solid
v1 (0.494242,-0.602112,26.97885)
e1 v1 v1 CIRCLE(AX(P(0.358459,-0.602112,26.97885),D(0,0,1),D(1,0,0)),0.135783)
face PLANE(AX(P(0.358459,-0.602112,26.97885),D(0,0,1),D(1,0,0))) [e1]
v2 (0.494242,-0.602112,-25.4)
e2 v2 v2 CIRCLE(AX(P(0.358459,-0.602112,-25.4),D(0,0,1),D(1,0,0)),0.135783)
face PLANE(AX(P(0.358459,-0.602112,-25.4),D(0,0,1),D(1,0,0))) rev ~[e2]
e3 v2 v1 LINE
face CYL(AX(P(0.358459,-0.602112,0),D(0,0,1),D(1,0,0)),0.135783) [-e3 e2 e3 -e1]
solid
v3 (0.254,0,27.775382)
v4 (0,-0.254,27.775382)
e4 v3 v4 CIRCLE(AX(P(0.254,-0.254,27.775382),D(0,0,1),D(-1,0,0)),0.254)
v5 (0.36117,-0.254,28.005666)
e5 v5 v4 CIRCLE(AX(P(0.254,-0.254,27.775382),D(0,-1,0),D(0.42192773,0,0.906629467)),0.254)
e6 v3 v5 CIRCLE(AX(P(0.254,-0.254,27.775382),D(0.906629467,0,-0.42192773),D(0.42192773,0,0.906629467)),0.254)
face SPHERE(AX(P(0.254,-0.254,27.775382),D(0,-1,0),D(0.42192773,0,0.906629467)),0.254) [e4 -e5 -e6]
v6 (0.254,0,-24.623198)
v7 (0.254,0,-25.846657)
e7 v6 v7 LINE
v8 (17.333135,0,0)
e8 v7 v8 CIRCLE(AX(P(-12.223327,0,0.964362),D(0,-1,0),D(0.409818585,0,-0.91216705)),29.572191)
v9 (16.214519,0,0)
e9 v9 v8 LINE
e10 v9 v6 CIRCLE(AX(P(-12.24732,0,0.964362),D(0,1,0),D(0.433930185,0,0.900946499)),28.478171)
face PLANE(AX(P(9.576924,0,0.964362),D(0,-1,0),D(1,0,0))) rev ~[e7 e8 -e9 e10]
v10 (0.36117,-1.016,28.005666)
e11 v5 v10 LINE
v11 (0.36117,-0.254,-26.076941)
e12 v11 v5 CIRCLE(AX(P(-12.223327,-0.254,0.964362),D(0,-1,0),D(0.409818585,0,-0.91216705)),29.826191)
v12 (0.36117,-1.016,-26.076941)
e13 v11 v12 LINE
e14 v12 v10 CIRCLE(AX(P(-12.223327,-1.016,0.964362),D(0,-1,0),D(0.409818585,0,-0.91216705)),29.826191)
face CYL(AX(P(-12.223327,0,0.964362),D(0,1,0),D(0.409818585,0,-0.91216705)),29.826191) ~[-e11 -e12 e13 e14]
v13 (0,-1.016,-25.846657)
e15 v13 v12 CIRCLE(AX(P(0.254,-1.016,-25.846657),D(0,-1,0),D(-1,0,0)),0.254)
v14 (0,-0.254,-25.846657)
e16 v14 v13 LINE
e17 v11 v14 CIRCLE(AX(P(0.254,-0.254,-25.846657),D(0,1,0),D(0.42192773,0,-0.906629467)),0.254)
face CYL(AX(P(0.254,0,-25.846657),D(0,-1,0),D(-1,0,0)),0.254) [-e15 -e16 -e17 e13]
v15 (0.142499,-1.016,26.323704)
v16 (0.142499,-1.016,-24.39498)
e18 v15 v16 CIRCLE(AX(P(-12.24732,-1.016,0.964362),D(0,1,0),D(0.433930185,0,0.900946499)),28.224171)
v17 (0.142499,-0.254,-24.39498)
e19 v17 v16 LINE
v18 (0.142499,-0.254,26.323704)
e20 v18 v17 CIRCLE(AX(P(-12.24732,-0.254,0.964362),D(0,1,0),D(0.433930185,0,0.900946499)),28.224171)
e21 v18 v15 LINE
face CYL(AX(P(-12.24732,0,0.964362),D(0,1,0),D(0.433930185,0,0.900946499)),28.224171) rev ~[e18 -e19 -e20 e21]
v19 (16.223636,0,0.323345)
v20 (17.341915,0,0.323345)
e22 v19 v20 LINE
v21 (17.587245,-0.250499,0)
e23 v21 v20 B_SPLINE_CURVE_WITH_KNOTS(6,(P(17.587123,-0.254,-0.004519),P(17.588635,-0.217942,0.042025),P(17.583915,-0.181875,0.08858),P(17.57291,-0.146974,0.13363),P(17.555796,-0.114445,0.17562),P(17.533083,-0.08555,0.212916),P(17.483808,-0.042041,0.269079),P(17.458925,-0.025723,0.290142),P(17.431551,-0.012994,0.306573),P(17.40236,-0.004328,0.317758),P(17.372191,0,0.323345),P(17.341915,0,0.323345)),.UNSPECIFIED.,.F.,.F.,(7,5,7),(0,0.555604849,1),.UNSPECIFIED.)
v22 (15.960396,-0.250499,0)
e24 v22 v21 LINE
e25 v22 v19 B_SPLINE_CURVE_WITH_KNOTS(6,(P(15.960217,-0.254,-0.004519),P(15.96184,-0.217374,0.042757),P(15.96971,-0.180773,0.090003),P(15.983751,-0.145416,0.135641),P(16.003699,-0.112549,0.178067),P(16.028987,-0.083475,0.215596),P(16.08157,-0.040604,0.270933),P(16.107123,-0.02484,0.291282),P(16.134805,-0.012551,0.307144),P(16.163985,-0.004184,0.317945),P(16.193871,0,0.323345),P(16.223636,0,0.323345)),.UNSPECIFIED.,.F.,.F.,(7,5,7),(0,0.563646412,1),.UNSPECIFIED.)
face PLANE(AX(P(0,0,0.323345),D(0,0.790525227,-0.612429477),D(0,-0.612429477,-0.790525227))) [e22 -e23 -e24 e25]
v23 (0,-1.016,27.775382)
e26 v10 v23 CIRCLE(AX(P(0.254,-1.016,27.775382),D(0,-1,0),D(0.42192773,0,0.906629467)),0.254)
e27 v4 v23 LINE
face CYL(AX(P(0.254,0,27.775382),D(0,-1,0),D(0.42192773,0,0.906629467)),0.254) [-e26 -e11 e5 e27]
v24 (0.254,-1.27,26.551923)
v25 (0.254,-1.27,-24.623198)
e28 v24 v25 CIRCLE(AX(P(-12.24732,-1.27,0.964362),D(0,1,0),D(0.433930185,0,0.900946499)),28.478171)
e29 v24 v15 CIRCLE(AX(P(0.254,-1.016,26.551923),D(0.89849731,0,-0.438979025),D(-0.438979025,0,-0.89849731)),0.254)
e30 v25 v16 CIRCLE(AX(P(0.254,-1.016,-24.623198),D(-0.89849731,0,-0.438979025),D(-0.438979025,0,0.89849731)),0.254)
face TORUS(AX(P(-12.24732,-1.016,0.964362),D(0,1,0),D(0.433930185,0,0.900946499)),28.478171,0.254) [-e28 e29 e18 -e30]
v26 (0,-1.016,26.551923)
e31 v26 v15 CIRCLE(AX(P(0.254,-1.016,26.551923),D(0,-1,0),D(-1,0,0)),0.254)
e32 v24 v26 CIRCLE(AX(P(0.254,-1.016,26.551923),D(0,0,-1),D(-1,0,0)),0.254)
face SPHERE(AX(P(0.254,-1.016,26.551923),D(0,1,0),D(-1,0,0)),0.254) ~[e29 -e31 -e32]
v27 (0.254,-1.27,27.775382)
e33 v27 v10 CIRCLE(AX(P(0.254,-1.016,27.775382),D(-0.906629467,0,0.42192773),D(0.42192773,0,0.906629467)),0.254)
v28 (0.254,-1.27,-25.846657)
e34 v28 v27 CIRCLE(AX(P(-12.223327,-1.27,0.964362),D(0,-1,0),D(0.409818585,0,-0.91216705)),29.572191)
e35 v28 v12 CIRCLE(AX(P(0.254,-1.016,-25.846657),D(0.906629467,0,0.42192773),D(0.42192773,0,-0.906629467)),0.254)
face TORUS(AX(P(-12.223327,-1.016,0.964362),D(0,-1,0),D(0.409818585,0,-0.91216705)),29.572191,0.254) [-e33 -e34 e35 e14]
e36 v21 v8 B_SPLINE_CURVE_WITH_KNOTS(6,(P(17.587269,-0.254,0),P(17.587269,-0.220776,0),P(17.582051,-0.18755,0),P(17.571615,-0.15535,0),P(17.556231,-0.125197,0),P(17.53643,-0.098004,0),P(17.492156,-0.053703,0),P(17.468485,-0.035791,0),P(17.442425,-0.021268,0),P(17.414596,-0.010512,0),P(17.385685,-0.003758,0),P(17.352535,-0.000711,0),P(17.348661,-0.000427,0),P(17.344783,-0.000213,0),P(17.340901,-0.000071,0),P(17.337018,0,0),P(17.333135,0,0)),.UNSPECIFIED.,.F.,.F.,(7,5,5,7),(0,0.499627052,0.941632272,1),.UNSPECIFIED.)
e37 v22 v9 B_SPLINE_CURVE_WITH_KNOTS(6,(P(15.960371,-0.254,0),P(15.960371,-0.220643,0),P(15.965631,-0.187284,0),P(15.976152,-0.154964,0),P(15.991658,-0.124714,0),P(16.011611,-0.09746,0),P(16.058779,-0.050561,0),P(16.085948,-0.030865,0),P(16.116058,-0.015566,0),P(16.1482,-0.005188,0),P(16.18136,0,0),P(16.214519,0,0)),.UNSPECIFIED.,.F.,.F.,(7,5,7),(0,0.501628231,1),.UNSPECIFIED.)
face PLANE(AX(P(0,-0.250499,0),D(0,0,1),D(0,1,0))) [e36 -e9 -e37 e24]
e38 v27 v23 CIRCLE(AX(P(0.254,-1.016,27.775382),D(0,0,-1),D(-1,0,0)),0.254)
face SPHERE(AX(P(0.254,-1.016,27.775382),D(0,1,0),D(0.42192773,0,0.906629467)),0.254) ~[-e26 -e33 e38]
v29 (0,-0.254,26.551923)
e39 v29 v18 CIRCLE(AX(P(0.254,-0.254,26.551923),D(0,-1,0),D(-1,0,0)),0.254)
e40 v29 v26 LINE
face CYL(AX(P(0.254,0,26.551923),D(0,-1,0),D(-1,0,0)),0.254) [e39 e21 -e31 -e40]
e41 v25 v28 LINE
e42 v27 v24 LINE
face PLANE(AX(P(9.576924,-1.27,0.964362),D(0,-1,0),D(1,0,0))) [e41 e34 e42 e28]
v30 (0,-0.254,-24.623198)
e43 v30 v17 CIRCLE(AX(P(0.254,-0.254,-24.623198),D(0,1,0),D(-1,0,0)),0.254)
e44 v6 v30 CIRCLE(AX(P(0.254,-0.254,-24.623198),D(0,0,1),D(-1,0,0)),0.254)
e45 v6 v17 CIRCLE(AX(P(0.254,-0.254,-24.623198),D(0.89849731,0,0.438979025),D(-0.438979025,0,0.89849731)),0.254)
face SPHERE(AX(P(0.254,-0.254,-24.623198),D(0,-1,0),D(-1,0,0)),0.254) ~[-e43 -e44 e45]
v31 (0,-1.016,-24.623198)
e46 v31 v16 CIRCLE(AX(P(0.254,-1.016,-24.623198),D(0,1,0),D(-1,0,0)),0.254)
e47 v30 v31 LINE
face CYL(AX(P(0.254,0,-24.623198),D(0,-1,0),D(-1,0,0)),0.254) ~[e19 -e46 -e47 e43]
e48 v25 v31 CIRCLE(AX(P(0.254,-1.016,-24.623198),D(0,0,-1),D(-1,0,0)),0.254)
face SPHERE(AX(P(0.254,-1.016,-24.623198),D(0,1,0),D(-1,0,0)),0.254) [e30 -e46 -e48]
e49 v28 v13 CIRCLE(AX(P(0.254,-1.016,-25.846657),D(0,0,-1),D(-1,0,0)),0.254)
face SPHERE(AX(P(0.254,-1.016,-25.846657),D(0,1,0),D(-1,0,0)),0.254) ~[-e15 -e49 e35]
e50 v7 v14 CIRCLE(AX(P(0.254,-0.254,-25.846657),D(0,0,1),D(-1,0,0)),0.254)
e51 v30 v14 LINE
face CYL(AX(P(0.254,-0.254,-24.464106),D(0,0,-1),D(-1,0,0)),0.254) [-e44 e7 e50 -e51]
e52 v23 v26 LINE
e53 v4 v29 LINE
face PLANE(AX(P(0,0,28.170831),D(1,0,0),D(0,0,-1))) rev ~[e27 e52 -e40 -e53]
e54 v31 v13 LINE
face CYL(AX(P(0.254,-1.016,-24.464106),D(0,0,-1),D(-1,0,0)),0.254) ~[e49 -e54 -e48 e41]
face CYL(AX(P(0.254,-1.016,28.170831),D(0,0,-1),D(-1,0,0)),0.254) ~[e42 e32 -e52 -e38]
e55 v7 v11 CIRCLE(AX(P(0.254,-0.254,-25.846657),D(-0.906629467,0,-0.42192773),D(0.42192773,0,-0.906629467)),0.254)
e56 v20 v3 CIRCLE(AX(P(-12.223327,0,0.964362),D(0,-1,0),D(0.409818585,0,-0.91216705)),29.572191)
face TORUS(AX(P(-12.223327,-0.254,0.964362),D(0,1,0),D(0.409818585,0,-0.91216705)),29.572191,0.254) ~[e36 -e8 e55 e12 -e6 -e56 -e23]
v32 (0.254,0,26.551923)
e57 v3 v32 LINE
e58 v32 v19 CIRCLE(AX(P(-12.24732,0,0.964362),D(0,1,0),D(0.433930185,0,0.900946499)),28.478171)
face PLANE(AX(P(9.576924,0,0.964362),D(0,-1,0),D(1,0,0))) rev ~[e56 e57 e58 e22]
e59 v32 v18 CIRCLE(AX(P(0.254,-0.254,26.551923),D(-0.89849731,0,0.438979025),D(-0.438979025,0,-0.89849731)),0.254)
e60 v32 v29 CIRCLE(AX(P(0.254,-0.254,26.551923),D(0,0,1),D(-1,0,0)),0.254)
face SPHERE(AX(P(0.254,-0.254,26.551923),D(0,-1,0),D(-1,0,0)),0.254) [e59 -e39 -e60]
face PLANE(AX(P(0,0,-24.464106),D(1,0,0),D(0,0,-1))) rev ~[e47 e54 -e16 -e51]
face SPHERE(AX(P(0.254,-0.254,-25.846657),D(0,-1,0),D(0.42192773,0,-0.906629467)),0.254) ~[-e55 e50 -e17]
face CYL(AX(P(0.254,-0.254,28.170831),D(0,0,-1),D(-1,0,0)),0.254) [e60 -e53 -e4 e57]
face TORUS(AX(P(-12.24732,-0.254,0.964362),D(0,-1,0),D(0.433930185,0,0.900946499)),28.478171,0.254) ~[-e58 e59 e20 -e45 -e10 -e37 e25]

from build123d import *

# Parameters (mm, degrees)
F1_DEPTH      = 1.27
F2_R          = 0.254
F3_R          = 0.135782909
F4_DEPTH      = 26.97885
F4_DEPTH_BACK = 25.4
F6_DEPTH      = 25.4
F6_DEPTH_BACK = 25.4


with BuildPart() as f1:
    # F0 (on Front) → F1 (new body)
    with BuildSketch(Plane.XZ):
        with BuildLine():
            Line((0, -24.4641060061), (0, -26.2421060061))
            ThreePointArc((0, -26.2421060061), (17.6028633466, 0.9643622648), (0, 28.1708305358))
            Line((0, 28.1708305358), (0, 26.3928305358))
            ThreePointArc((0, 26.3928305358), (15.9768513956, 0.9643622648), (0, -24.4641060061))
        make_face()
    extrude(amount=F1_DEPTH)

    # F2
    f2_edges = [f1.edges().sort_by_distance(p)[0] for p in [
        (0, -0.635, 26.392831),
        (0, -1.27, 27.281831),
        (0, 0, 27.281831),
        (0, -0.635, 28.170831),
        (17.602863, -1.27, 0.964362),
        (17.602863, 0, 0.964362),
        (15.976851, -1.27, 0.964362),
        (15.976851, 0, 0.964362),
        (0, -0.635, -24.464106),
        (0, 0, -25.353106),
        (0, -0.635, -26.242106),
        (0, -1.27, -25.353106),
    ]]
    fillet(f2_edges, radius=F2_R)

    # F5 (on Right) → F6 (cut, two sides)
    with BuildSketch(Plane.YZ) as f6_sk:
        Polygon((-0.2504991426, 0), (0, 0), (0, 0.3233448078), align=None)
    extrude(amount=-F6_DEPTH, mode=Mode.SUBTRACT)
    extrude(f6_sk.sketch, amount=F6_DEPTH_BACK, mode=Mode.SUBTRACT)


with BuildPart() as f4:
    # F3 (on Top) → F4 (new body, two sides)
    with BuildSketch(Plane.XY) as f4_sk:
        with Locations((0.3584586375, -0.6021122681)):
            Circle(F3_R)
    extrude(amount=F4_DEPTH)
    extrude(f4_sk.sketch, amount=-F4_DEPTH_BACK)


solid = Compound([f1.part, f4.part])
